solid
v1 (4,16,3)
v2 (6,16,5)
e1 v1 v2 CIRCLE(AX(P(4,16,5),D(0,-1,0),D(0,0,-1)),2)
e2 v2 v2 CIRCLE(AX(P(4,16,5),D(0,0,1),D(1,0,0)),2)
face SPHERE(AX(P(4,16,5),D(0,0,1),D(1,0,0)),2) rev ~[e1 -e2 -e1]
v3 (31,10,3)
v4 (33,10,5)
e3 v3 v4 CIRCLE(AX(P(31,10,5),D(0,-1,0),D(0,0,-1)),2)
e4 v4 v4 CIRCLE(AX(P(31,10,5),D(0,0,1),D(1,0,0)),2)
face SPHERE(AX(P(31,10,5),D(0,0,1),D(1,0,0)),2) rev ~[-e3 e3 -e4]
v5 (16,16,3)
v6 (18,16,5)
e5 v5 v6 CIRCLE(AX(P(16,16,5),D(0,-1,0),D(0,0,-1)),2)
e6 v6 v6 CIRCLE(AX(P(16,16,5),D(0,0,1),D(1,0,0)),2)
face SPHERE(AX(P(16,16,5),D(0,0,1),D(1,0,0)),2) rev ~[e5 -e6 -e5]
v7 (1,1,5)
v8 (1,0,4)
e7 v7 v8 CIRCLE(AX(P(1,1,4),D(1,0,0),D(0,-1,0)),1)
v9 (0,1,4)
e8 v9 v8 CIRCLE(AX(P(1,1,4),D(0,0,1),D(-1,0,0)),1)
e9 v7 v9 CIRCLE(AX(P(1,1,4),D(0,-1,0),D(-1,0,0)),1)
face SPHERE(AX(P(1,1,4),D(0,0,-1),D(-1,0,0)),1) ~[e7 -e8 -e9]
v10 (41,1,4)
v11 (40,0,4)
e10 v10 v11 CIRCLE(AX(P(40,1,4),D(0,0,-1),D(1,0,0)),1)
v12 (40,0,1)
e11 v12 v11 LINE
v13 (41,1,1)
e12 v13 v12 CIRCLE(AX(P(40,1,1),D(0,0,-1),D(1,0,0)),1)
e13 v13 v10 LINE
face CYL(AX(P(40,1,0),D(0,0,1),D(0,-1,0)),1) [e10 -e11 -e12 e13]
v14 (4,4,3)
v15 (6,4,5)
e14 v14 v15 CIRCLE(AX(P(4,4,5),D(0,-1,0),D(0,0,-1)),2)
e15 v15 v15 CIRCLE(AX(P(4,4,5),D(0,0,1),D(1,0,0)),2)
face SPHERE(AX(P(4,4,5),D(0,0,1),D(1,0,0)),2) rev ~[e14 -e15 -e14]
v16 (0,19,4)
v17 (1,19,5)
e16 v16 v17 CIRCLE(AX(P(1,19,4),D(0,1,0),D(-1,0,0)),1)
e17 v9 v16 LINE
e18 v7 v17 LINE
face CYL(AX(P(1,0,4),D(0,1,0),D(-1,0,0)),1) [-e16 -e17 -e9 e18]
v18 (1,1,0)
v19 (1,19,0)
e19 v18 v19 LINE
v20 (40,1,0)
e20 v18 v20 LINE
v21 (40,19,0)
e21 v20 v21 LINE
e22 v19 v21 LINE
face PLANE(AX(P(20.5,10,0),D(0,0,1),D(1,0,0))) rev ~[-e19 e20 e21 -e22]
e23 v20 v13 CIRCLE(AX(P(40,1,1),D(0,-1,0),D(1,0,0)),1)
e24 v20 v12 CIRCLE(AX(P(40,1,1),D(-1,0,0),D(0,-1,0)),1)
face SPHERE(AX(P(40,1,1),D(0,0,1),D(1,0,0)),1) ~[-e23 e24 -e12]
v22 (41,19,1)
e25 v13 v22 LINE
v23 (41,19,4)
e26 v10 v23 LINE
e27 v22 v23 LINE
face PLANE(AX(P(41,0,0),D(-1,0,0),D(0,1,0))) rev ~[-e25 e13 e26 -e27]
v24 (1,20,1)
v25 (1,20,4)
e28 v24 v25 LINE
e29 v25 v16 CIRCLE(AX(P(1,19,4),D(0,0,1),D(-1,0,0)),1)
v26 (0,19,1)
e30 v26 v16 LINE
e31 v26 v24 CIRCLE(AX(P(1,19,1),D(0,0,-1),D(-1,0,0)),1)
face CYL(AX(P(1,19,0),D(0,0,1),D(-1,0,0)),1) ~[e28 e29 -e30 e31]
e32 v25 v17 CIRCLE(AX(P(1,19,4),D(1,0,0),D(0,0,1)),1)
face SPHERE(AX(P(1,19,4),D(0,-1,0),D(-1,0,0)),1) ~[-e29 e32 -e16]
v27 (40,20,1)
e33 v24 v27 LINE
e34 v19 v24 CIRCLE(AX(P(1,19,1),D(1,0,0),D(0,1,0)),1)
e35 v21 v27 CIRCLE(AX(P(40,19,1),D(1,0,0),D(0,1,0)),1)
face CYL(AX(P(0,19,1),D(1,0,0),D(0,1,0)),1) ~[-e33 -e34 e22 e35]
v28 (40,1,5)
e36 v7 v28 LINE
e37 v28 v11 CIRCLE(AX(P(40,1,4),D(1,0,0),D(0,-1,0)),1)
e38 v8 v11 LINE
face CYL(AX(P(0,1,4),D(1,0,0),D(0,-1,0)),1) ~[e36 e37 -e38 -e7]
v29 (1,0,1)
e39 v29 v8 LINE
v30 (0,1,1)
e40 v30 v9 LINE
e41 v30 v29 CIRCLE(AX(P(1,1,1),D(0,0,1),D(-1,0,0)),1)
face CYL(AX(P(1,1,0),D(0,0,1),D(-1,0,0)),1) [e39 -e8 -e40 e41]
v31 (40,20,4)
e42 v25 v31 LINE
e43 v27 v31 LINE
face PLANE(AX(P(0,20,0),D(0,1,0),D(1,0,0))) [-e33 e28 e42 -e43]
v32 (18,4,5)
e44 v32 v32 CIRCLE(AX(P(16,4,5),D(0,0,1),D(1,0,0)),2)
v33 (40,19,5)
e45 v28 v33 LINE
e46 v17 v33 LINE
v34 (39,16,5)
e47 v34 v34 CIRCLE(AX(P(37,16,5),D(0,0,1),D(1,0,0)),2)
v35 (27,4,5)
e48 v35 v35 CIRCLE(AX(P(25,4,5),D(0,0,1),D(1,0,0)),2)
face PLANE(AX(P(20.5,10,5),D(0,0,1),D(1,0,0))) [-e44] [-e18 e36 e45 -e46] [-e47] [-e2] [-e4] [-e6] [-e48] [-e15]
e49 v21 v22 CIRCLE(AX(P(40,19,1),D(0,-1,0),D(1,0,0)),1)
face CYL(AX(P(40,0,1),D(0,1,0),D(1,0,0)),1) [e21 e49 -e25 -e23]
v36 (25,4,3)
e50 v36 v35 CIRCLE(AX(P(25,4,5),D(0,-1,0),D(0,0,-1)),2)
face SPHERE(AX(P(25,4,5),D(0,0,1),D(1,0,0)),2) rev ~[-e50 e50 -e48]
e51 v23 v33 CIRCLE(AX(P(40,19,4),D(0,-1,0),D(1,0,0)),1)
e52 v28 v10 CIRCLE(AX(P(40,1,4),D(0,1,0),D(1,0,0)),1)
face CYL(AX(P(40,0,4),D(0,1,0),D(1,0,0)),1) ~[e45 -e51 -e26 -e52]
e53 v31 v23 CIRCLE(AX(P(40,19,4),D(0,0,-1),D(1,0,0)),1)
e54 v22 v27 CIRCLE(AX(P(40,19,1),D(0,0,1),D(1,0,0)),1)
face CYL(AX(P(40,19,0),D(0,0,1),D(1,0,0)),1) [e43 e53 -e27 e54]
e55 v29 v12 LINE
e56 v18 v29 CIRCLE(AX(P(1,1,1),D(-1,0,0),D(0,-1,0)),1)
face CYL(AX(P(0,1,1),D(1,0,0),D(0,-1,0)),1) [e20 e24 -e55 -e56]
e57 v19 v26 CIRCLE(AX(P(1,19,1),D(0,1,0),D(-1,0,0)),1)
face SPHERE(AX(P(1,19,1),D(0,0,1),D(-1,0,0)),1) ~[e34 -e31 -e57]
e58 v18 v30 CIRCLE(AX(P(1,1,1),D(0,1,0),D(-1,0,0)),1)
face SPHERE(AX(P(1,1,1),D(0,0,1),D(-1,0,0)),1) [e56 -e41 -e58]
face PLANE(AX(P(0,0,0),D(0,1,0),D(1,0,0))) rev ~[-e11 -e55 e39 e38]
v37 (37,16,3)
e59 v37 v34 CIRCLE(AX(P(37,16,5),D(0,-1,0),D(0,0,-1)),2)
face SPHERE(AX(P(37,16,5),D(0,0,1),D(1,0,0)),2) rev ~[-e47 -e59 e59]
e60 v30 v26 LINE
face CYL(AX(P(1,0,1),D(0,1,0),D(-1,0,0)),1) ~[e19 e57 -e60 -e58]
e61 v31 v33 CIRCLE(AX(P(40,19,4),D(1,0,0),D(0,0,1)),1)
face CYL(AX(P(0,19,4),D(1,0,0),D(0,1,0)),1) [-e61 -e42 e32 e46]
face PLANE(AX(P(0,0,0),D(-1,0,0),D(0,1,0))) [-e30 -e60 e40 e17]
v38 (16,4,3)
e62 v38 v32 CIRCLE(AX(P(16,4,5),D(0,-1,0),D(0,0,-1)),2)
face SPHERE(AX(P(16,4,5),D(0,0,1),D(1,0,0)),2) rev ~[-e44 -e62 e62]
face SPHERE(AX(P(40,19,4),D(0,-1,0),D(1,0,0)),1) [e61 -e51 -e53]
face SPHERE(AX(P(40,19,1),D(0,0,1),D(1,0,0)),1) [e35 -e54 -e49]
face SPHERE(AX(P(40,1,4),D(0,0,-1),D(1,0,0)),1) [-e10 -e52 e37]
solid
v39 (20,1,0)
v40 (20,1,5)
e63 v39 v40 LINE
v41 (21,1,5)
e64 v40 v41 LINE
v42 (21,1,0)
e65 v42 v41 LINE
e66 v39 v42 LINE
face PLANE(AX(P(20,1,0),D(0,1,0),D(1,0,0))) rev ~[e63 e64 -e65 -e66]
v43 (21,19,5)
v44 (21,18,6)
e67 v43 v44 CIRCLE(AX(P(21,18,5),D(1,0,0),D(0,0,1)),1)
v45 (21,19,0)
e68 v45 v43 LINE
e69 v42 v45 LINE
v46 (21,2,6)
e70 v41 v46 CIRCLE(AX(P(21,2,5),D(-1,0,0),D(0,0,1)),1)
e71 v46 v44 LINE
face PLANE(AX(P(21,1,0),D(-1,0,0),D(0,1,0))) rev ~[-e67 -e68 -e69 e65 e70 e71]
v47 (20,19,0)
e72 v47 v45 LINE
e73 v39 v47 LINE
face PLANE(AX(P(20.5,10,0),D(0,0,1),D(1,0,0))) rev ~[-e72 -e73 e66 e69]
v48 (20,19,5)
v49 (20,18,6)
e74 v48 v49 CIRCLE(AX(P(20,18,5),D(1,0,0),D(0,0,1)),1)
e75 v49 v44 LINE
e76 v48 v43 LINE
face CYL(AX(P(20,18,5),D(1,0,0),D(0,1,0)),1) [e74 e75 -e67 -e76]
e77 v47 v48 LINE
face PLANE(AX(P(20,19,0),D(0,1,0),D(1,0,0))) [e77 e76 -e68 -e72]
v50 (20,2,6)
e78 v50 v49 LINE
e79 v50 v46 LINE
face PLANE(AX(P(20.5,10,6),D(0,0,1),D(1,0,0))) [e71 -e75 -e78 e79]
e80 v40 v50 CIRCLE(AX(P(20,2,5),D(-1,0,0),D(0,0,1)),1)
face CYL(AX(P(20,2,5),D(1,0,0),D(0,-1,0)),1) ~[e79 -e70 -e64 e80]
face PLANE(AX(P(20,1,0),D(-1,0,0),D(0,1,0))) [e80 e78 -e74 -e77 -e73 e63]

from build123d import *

# Parameters (mm, degrees)
BOX_W        = 41
BOX_H        = 20
BOX_DEPTH    = 5
FILLET_R     = 1
BOX001_W     = 1
BOX001_H     = 18
BOX001_DEPTH = 6
FILLET001_R  = 1


with BuildPart() as esfera005:
    # Sphere005 → Sphere005 (revolve)
    with BuildSketch(Plane(origin=(37, 16, 5), x_dir=(1, 0, 0), z_dir=(0, -1, 0))):
        with BuildLine():
            ThreePointArc((0, -2), (2, 0), (0, 2))
            Line((0, 2), (0, -2))
        make_face()
    revolve(axis=Axis((37, 16, 5), (0, 0, 1)))


with BuildPart() as esfera003:
    # Sphere003 → Sphere003 (revolve)
    with BuildSketch(Plane(origin=(16, 16, 5), x_dir=(1, 0, 0), z_dir=(0, -1, 0))):
        with BuildLine():
            ThreePointArc((0, -2), (2, 0), (0, 2))
            Line((0, 2), (0, -2))
        make_face()
    revolve(axis=Axis((16, 16, 5), (0, 0, 1)))


with BuildPart() as esfera004:
    # Sphere004 → Sphere004 (revolve)
    with BuildSketch(Plane(origin=(25, 4, 5), x_dir=(1, 0, 0), z_dir=(0, -1, 0))):
        with BuildLine():
            ThreePointArc((0, -2), (2, 0), (0, 2))
            Line((0, 2), (0, -2))
        make_face()
    revolve(axis=Axis((25, 4, 5), (0, 0, 1)))


with BuildPart() as esfera001:
    # Sphere001 → Sphere001 (revolve)
    with BuildSketch(Plane(origin=(4, 16, 5), x_dir=(1, 0, 0), z_dir=(0, -1, 0))):
        with BuildLine():
            ThreePointArc((0, -2), (2, 0), (0, 2))
            Line((0, 2), (0, -2))
        make_face()
    revolve(axis=Axis((4, 16, 5), (0, 0, 1)))


with BuildPart() as esfera002:
    # Sphere002 → Sphere002 (revolve)
    with BuildSketch(Plane(origin=(16, 4, 5), x_dir=(1, 0, 0), z_dir=(0, -1, 0))):
        with BuildLine():
            ThreePointArc((0, -2), (2, 0), (0, 2))
            Line((0, 2), (0, -2))
        make_face()
    revolve(axis=Axis((16, 4, 5), (0, 0, 1)))


with BuildPart() as esfera006:
    # Sphere006 → Sphere006 (revolve)
    with BuildSketch(Plane(origin=(31, 10, 5), x_dir=(1, 0, 0), z_dir=(0, -1, 0))):
        with BuildLine():
            ThreePointArc((0, -2), (2, 0), (0, 2))
            Line((0, 2), (0, -2))
        make_face()
    revolve(axis=Axis((31, 10, 5), (0, 0, 1)))


with BuildPart() as fusion:
    # Sphere → Sphere (revolve)
    with BuildSketch(Plane(origin=(4, 4, 5), x_dir=(1, 0, 0), z_dir=(0, -1, 0))):
        with BuildLine():
            ThreePointArc((0, -2), (2, 0), (0, 2))
            Line((0, 2), (0, -2))
        make_face()
    revolve(axis=Axis((4, 4, 5), (0, 0, 1)))

    # Fusion: union Esfera005, Esfera003, Esfera004, Esfera001, Esfera002, Esfera006
    add(esfera005.part)
    add(esfera003.part)
    add(esfera004.part)
    add(esfera001.part)
    add(esfera002.part)
    add(esfera006.part)


with BuildPart() as cut:
    # Box → Box (new body)
    with BuildSketch(Plane.XY):
        with Locations((20.5, 10)):
            Rectangle(BOX_W, BOX_H)
    extrude(amount=BOX_DEPTH)

    # Fillet
    fillet_edges = [cut.edges().sort_by_distance(p)[0] for p in [
        (0, 0, 2.5),
        (0, 10, 5),
        (0, 20, 2.5),
        (0, 10, 0),
        (41, 0, 2.5),
        (41, 10, 5),
        (41, 20, 2.5),
        (41, 10, 0),
        (20.5, 0, 0),
        (20.5, 0, 5),
        (20.5, 20, 0),
        (20.5, 20, 5),
    ]]
    fillet(fillet_edges, radius=FILLET_R)

    # Cut: cut Fusion
    add(fusion.part, mode=Mode.SUBTRACT)


with BuildPart() as fillet001:
    # Box001 → Box001 (new body)
    with BuildSketch(Plane(origin=(20, 1, 0), x_dir=(1, 0, 0), z_dir=(0, 0, 1))):
        with Locations((0.5, 9)):
            Rectangle(BOX001_W, BOX001_H)
    extrude(amount=BOX001_DEPTH)

    # Fillet001
    fillet001_edges = [fillet001.edges().sort_by_distance(p)[0] for p in [
        (20.5, 1, 6),
        (20.5, 19, 6),
    ]]
    fillet(fillet001_edges, radius=FILLET001_R)


solid = Compound([cut.part, fillet001.part])
